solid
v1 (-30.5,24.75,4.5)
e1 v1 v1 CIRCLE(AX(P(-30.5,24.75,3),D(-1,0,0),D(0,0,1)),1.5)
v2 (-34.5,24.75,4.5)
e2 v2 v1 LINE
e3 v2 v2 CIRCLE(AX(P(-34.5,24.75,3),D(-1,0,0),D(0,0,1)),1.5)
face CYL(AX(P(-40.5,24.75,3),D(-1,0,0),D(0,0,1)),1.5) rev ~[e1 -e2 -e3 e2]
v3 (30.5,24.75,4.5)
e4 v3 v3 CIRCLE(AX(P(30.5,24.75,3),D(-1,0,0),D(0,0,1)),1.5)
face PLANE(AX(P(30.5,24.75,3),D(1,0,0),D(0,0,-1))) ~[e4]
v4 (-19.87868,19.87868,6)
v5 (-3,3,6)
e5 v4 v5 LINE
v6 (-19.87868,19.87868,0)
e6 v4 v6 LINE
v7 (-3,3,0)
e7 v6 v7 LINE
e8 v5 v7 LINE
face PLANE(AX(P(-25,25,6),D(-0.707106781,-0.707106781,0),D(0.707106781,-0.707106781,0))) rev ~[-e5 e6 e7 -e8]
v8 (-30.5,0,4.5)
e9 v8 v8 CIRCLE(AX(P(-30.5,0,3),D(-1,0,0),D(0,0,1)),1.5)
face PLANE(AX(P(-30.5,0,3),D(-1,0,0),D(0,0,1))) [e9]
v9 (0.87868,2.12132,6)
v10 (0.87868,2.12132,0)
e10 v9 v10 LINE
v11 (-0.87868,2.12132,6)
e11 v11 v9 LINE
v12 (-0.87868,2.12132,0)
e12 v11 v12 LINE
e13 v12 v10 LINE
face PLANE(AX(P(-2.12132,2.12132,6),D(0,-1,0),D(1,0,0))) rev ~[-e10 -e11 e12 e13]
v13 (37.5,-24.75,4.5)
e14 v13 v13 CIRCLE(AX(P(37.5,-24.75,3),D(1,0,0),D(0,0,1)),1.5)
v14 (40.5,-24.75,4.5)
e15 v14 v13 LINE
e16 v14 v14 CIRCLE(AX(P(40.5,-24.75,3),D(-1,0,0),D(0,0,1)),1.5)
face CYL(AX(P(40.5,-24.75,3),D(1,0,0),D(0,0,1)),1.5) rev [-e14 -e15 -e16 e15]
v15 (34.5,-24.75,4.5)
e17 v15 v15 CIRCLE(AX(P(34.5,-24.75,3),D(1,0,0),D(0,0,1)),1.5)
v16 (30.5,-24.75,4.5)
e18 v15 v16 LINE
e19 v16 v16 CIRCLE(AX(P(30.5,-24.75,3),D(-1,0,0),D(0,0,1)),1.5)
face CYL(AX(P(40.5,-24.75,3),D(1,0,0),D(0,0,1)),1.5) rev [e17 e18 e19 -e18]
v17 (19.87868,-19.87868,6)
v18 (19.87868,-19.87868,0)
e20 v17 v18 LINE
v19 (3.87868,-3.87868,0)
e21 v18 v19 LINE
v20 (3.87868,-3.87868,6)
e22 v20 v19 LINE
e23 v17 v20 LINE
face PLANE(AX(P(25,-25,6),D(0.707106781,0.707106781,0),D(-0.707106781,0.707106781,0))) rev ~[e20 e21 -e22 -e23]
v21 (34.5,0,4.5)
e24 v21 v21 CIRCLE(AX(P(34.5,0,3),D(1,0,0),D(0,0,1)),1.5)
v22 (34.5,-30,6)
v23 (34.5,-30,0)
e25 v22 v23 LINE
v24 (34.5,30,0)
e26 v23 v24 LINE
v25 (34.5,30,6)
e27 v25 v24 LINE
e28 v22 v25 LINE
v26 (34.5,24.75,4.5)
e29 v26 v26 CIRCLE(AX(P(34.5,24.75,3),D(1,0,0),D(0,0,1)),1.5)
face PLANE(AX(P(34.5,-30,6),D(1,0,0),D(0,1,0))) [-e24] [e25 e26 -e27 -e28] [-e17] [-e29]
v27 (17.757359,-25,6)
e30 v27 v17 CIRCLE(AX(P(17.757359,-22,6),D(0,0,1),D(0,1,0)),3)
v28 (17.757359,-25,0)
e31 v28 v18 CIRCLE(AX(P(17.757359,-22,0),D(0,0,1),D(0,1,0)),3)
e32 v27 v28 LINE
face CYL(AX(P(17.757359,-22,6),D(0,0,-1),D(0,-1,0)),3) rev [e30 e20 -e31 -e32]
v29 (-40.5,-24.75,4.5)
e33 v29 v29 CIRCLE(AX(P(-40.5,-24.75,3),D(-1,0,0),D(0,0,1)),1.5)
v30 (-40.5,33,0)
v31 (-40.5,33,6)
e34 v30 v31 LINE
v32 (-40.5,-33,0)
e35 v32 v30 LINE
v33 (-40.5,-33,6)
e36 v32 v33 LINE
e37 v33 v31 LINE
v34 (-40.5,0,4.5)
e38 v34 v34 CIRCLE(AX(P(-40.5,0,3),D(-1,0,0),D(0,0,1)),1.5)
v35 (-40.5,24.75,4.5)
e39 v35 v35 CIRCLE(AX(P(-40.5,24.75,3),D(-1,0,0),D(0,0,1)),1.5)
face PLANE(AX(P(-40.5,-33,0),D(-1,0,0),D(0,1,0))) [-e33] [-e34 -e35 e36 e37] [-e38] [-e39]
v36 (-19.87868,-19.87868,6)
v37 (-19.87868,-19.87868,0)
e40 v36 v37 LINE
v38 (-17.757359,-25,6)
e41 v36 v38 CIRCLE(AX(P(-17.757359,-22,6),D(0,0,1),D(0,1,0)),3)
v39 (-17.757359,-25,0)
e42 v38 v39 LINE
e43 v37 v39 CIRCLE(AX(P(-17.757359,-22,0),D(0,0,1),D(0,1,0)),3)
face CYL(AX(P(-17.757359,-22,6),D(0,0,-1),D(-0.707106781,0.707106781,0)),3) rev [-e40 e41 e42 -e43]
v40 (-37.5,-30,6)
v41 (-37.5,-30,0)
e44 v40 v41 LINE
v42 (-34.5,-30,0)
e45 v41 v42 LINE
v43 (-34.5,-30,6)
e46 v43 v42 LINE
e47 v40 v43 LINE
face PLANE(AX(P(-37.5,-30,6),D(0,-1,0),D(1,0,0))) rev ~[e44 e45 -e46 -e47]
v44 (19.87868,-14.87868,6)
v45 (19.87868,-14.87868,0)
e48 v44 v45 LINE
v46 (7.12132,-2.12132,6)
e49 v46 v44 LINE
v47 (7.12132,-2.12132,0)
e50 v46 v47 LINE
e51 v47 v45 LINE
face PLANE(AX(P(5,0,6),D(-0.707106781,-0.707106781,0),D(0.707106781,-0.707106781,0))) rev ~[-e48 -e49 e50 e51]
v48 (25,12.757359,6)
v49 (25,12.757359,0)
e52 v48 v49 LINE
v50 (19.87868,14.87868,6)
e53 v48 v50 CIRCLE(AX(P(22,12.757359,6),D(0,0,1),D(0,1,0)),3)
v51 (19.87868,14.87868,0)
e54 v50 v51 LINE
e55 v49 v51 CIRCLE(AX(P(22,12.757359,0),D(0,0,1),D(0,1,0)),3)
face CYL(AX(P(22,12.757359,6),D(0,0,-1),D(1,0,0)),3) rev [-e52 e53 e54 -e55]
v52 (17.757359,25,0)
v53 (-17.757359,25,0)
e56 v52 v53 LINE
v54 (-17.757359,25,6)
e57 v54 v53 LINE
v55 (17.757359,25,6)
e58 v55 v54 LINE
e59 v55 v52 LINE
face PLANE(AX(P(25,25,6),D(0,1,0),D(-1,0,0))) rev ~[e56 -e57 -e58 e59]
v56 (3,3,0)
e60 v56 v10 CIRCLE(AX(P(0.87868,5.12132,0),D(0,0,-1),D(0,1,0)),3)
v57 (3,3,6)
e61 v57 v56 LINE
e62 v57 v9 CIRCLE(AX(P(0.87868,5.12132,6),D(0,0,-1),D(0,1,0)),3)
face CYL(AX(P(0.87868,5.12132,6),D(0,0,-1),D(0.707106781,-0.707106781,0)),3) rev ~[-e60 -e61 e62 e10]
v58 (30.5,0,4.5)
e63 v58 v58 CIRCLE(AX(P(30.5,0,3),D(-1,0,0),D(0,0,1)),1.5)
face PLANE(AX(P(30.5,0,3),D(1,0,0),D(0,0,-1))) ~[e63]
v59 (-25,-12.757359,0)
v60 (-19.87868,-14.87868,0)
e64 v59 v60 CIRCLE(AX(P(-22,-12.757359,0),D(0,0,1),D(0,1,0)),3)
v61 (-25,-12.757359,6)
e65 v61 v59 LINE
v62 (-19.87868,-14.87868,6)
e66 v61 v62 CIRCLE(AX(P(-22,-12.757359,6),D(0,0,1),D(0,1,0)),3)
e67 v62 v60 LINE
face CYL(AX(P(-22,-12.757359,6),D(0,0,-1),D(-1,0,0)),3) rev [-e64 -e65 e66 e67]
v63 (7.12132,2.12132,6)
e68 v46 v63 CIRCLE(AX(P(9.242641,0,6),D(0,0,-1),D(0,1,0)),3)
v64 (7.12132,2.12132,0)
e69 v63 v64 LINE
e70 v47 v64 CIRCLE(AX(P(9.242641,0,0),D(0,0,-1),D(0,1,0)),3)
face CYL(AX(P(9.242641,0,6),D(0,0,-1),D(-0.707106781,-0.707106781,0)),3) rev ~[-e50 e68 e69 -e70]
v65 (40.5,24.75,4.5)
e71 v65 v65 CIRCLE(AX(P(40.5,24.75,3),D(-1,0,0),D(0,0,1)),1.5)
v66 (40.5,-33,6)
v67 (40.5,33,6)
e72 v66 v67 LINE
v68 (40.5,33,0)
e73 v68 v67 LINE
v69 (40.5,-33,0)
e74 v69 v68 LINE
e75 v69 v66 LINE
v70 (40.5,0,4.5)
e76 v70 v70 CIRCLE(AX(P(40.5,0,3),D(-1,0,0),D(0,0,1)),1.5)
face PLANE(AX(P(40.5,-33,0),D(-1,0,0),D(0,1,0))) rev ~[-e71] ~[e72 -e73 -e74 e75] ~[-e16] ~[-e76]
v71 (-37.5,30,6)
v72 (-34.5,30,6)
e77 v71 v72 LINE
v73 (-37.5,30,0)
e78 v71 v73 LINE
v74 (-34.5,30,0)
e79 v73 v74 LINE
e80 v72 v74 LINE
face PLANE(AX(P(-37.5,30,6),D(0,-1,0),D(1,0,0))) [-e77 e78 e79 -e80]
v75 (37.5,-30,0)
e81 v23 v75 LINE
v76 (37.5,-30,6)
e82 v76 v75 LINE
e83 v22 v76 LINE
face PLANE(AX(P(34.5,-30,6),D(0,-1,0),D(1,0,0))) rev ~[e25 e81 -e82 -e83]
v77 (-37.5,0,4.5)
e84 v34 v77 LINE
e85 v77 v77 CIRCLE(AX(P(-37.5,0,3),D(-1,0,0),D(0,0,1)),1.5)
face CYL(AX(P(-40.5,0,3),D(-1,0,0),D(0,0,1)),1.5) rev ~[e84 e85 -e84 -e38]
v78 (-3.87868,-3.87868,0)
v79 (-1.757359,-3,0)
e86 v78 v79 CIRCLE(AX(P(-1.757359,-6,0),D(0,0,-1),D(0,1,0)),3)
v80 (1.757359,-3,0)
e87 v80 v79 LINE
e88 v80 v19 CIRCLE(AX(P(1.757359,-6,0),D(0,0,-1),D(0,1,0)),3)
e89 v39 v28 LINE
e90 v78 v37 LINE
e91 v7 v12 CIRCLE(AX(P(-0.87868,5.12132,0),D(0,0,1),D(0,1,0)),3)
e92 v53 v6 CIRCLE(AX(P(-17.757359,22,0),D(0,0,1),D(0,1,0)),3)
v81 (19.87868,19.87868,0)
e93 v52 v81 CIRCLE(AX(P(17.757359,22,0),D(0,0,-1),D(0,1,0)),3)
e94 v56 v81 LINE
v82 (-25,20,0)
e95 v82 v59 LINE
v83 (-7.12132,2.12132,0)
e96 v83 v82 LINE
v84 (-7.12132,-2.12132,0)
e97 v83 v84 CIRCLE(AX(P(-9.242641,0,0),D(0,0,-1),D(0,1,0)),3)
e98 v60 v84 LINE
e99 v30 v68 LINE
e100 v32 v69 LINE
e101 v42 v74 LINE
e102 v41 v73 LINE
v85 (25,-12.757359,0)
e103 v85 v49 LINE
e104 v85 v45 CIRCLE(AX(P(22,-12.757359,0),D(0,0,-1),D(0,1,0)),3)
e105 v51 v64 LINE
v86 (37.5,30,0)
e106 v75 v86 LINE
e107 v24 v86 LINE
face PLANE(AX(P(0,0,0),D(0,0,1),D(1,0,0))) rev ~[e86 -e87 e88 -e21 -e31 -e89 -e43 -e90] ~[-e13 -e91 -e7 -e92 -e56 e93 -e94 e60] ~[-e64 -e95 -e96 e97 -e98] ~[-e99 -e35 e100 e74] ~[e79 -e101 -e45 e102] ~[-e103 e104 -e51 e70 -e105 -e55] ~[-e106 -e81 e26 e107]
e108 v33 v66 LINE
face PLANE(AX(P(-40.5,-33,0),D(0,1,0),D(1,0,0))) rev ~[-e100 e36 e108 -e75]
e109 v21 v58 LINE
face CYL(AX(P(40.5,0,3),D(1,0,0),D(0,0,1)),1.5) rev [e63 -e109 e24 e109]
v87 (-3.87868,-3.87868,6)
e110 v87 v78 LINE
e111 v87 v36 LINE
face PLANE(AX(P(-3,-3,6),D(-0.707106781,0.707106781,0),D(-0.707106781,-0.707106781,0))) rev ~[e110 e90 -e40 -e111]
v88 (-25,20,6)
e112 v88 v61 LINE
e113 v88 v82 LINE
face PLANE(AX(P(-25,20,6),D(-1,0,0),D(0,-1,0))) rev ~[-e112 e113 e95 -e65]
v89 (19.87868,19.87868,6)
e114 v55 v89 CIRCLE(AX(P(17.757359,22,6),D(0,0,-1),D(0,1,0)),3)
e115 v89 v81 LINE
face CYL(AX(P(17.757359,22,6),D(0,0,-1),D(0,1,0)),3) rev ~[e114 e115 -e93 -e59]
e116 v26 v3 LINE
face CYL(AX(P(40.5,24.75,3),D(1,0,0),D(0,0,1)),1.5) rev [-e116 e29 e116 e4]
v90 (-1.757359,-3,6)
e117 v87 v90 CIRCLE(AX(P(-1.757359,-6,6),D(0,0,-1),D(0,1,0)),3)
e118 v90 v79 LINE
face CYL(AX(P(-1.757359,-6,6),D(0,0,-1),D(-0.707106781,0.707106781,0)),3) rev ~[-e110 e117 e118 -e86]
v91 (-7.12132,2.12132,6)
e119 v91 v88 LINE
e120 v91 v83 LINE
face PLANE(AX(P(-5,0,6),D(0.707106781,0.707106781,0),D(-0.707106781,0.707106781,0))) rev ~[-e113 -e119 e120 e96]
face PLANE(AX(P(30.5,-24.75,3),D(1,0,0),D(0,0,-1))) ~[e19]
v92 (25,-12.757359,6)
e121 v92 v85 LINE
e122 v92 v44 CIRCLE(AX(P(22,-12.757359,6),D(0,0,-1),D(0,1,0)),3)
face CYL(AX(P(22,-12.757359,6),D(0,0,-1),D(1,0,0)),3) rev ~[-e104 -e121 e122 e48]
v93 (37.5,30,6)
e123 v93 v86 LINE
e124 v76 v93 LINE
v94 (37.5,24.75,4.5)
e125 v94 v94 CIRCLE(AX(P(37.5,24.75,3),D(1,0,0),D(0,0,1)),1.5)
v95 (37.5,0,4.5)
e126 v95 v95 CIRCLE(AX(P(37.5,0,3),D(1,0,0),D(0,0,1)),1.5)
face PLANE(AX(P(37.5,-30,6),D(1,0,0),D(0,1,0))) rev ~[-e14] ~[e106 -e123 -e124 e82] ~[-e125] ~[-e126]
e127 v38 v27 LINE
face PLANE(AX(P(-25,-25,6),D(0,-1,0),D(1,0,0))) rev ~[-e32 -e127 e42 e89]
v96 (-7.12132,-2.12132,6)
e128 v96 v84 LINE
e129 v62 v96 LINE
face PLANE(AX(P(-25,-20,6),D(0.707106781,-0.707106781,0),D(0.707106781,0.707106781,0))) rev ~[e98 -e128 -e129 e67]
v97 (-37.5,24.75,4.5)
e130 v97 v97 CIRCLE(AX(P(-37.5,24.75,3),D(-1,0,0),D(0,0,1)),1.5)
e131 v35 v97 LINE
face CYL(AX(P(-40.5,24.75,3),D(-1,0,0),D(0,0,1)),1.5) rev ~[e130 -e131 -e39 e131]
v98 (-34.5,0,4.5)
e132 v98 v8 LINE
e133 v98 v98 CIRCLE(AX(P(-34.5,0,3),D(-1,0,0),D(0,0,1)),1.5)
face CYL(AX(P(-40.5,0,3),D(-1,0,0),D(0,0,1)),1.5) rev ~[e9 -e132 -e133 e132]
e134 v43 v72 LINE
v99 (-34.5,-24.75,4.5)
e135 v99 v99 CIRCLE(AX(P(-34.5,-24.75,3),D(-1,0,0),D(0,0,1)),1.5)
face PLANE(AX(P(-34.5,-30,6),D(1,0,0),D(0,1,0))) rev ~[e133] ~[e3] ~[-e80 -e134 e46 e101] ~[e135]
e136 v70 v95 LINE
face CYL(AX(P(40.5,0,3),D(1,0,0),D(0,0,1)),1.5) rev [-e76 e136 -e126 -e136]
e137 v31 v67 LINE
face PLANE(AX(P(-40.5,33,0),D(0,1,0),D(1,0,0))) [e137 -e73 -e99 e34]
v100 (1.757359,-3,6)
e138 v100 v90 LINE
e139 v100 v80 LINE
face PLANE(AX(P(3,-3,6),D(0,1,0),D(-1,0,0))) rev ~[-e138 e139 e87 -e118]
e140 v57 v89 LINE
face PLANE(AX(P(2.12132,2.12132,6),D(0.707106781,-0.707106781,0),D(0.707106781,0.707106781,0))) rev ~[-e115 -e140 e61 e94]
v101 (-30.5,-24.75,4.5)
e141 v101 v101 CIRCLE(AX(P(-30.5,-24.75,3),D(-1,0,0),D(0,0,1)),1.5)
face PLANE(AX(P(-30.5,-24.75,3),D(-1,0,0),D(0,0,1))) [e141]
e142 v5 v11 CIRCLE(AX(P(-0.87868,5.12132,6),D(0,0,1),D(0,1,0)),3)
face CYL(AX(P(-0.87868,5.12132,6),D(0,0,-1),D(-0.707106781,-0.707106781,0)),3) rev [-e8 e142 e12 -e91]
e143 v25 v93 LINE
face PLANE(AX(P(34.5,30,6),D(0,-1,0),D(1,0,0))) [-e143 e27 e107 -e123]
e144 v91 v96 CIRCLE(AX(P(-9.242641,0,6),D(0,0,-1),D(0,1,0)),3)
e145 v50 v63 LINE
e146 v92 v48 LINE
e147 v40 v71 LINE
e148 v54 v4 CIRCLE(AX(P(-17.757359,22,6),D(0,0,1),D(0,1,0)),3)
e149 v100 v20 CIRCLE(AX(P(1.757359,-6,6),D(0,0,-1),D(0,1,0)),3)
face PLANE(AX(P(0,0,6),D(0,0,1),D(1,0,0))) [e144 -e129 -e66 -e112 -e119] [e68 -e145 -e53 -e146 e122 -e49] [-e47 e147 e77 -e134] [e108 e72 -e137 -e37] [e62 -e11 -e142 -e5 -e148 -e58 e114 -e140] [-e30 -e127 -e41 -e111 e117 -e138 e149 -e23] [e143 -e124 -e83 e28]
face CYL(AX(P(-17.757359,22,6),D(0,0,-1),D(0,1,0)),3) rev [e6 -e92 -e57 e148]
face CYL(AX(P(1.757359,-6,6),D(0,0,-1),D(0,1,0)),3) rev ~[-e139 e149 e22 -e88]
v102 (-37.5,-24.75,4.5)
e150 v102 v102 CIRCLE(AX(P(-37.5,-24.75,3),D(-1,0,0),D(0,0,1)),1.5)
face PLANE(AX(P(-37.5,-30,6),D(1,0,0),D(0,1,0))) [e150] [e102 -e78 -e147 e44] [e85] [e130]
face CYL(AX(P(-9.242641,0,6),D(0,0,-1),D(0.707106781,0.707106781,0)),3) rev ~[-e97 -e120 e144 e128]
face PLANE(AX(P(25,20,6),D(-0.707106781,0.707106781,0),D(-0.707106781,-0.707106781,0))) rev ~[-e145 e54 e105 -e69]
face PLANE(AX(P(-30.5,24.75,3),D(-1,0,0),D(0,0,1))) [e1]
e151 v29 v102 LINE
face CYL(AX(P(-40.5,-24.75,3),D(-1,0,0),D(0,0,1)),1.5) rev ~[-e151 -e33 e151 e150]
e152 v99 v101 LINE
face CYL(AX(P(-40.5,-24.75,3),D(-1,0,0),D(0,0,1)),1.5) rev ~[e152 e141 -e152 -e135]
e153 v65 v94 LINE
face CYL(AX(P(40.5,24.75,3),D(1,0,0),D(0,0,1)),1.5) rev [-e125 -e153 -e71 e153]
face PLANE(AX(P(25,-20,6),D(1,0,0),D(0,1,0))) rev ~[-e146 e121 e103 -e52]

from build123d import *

# Parameters (mm, degrees)
SKETCH1_W           = 81
SKETCH1_H           = 66
BOSS_EXTRUDE1_DEPTH = 6
SKETCH3_W           = 3
SKETCH3_H           = 60
CUT_EXTRUDE2_DEPTH  = 7
CUT_EXTRUDE5_DEPTH  = 7
FILLET2_R           = 3
FILLET3_R           = 3
SKETCH6_R           = 1.5
CUT_EXTRUDE6_DEPTH  = 10


with BuildPart() as part:
    # Sketch1 → Boss-Extrude1 (new body)
    with BuildSketch(Plane.XY):
        Rectangle(SKETCH1_W, SKETCH1_H)
    extrude(amount=BOSS_EXTRUDE1_DEPTH)

    # Sketch3 → Cut-Extrude2 (cut, through all)
    with BuildSketch(Plane.XY.offset(6)):
        with Locations((-36, 0)):
            Rectangle(SKETCH3_W, SKETCH3_H)
        with Locations((36, 0)):
            Rectangle(SKETCH3_W, SKETCH3_H)
    extrude(amount=-CUT_EXTRUDE2_DEPTH, mode=Mode.SUBTRACT)

    # Sketch5 → Cut-Extrude5 (cut, through all)
    with BuildSketch(Plane.XY.offset(6)):
        Polygon((-5, 0), (-25, 20), (-25, -20), align=None)
        Polygon((-3, -3), (-25, -25), (0, -25), (0, -3), align=None)
        Polygon((0, -3), (0, -25), (25, -25), (3, -3), align=None)
        Polygon((25, -20), (25, 20), (5, 0), align=None)
        Polygon((25, 25), (0, 25), (0, 2.121320344), (2.121320344, 2.121320344), align=None)
        Polygon((0, 25), (-25, 25), (-2.121320344, 2.121320344), (0, 2.121320344), align=None)
    extrude(amount=-CUT_EXTRUDE5_DEPTH, mode=Mode.SUBTRACT)

    # Fillet2
    fillet2_edges = [part.edges().sort_by_distance(p)[0] for p in [
        (25, 20, 3),
        (25, -20, 3),
        (25, -25, 3),
        (-25, -25, 3),
        (-25, 25, 3),
        (25, 25, 3),
        (-25, -20, 3),
    ]]
    fillet(fillet2_edges, radius=FILLET2_R)

    # Fillet3
    fillet3_edges = [part.edges().sort_by_distance(p)[0] for p in [
        (5, 0, 3),
        (-3, -3, 3),
        (3, -3, 3),
        (2.121320344, 2.121320344, 3),
        (-2.121320344, 2.121320344, 3),
        (-5, 0, 3),
    ]]
    fillet(fillet3_edges, radius=FILLET3_R)

    # Sketch6 → Cut-Extrude6 (cut)
    with BuildSketch(Plane.ZY.offset(40.5)):
        with Locations((3, 24.75)):
            Circle(SKETCH6_R)
        with Locations((3, 0)):
            Circle(SKETCH6_R)
        with Locations((3, -24.75)):
            Circle(SKETCH6_R)
    cut_extrude6 = extrude(amount=-CUT_EXTRUDE6_DEPTH, mode=Mode.SUBTRACT)

    # Mirror1: Cut-Extrude6 across plane
    add(cut_extrude6.mirror(Plane(origin=(0, 0, 0), x_dir=(0, 0, 1), z_dir=(1, 0, 0))), mode=Mode.SUBTRACT)


solid = part.part
